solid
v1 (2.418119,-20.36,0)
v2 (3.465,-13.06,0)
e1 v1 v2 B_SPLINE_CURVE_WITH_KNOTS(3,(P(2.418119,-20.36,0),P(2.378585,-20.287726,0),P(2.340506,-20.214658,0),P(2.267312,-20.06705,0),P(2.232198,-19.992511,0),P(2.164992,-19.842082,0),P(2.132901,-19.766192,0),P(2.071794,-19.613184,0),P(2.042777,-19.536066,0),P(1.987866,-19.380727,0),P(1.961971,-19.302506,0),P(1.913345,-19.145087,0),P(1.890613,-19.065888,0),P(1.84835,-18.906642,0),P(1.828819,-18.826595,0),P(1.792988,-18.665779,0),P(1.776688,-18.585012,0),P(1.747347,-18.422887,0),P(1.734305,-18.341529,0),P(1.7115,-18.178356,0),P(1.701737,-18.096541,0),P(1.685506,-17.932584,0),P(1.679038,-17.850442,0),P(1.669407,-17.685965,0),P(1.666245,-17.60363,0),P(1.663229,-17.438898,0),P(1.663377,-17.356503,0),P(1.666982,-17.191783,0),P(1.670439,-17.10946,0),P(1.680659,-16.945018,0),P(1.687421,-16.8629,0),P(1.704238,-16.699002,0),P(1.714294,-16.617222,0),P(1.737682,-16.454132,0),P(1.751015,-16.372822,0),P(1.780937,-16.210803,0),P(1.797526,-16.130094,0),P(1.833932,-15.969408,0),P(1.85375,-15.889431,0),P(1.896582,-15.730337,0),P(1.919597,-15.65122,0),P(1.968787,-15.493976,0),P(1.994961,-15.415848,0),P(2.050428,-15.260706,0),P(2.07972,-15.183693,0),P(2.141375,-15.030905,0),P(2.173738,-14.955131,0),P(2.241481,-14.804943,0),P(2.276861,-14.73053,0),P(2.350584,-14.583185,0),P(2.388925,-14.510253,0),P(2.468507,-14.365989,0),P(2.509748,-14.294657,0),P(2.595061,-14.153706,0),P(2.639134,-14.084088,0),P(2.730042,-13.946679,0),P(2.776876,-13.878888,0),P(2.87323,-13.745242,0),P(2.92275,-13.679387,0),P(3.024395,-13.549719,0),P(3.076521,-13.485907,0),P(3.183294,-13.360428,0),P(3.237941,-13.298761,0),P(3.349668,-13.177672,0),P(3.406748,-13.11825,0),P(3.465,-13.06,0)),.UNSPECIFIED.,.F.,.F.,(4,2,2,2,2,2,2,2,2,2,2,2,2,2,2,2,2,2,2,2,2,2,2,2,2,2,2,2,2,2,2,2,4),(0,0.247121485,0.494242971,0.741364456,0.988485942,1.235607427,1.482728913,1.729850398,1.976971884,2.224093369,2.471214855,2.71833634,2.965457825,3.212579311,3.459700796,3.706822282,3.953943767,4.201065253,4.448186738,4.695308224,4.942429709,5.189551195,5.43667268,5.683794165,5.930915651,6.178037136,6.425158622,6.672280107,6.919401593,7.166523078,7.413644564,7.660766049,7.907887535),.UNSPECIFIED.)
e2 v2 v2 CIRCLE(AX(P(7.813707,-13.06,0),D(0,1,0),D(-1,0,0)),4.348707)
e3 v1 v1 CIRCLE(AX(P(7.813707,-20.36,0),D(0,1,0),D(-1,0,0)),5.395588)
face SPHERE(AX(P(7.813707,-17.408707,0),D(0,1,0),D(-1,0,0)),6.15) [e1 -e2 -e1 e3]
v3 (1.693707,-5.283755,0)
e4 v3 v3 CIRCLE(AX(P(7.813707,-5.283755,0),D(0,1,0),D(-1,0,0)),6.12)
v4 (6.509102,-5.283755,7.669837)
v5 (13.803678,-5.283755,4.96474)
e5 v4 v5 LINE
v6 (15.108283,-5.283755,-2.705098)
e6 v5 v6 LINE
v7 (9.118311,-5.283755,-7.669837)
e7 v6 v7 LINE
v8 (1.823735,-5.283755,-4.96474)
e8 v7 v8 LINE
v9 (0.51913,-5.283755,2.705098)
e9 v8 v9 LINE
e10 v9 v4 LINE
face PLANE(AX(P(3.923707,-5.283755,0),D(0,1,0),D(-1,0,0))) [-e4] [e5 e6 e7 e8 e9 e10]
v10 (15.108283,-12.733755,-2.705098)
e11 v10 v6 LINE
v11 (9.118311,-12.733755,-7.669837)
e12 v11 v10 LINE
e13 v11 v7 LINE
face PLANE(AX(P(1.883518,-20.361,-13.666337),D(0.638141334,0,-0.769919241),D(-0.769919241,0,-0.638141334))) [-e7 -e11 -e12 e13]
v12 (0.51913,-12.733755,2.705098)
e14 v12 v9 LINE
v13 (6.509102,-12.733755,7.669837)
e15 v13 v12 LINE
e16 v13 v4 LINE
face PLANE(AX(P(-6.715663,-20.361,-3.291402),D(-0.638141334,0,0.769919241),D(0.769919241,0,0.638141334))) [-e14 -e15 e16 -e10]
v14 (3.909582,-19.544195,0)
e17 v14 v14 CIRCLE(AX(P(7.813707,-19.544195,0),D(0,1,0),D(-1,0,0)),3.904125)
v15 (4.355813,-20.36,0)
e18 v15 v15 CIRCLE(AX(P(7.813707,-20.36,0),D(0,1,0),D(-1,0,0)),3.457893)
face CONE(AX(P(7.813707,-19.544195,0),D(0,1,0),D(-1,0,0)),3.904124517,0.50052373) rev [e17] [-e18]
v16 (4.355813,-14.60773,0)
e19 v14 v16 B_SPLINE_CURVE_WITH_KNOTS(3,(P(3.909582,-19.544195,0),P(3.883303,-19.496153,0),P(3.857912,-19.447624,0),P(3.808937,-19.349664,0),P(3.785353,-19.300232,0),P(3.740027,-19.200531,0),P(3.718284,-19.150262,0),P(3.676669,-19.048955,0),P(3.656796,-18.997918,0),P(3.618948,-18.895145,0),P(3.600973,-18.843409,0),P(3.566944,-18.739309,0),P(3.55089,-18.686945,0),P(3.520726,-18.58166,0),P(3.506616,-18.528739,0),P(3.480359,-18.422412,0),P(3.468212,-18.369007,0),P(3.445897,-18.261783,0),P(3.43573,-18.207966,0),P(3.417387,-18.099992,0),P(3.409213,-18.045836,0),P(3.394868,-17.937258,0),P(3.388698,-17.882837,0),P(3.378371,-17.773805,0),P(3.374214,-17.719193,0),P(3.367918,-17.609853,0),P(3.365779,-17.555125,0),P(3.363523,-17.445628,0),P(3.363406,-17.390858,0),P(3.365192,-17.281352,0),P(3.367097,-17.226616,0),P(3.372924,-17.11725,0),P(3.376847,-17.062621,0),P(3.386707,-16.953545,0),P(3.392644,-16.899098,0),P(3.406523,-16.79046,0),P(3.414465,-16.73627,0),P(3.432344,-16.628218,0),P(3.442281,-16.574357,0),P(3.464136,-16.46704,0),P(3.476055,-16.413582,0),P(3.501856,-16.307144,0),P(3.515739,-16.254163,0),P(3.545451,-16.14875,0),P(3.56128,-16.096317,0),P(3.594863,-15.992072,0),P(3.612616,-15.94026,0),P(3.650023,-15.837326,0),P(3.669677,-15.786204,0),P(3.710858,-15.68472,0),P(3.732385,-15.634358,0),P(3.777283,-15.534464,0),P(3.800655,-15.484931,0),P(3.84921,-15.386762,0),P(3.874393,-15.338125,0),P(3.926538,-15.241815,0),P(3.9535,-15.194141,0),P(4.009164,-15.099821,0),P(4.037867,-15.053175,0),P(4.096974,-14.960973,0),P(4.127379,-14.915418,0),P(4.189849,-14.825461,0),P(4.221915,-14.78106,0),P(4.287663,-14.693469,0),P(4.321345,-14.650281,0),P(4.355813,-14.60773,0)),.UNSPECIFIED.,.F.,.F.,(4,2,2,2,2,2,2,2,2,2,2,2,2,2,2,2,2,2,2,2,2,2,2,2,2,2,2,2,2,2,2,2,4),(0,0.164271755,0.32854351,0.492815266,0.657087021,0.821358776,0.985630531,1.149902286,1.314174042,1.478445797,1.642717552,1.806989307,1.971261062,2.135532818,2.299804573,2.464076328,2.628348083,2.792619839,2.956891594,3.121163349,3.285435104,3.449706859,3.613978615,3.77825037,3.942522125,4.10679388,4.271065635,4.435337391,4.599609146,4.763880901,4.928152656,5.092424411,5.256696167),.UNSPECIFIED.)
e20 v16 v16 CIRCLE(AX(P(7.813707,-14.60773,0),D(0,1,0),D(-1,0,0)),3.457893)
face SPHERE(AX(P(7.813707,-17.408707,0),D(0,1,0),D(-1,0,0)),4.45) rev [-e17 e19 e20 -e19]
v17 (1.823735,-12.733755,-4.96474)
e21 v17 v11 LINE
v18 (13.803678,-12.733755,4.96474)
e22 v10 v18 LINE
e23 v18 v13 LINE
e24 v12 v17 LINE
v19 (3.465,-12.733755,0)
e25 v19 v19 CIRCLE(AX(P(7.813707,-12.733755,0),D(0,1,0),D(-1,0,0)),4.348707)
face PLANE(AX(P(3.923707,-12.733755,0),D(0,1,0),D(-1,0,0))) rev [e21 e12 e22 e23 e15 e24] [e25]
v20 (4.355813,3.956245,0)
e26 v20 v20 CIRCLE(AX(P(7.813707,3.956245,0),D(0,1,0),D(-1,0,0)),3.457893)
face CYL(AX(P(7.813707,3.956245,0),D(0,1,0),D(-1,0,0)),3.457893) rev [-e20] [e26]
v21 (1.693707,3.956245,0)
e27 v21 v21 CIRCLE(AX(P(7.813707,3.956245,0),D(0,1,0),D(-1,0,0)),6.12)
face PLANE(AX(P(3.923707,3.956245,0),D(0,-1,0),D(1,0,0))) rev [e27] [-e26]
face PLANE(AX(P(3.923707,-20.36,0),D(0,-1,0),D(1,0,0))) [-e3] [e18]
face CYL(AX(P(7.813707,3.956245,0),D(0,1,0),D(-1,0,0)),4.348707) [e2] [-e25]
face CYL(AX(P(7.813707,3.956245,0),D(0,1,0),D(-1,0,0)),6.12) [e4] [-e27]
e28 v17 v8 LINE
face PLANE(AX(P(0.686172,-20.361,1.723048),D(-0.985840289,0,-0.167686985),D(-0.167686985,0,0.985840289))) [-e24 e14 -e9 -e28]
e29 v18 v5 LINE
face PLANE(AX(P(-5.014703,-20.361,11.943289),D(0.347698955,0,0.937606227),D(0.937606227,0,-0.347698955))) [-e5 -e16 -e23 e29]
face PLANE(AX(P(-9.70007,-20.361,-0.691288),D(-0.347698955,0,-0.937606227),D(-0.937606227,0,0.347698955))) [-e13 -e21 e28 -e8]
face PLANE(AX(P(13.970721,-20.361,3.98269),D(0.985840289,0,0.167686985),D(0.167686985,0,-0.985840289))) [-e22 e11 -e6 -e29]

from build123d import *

# Parameters (mm, degrees)
CROQUIS1_W            = 2.662106529
CROQUIS1_H            = 9.24
CORTAR_EXTRUIR1_REACH = 25.043


with BuildPart() as part:
    # Croquis1 → Revolución1 (revolve)
    with BuildSketch(Plane.XY):
        with Locations((3.024759969, -0.663755178)):
            Rectangle(CROQUIS1_W, CROQUIS1_H)
        Polygon((4.355813233, -12.733755178), (4.355813233, -5.283755178), (1.693706704, -5.283755178), (0.033706704, -5.283755178), (0.033706704, -12.733755178), (3.465, -12.733755178), align=None)
        Polygon((4.355813233, -13.950813233), (4.355813233, -12.733755178), (3.465, -12.733755178), (3.465, -13.06), align=None)
        with BuildLine():
            Line((4.355813233, -14.607729599), (4.355813233, -13.950813233))
            Line((4.355813233, -13.950813233), (3.465, -13.06))
            Line((3.465, -13.06), (3.465, -16.464646325))
            ThreePointArc((3.465, -16.464646325), (3.80150201, -15.483943474), (4.355813233, -14.607729599))
        make_face()
        with BuildLine():
            Line((3.465, -16.464646325), (3.465, -13.06))
            ThreePointArc((3.465, -13.06), (1.725988008, -16.53567688), (2.418118888, -20.36))
            Line((2.418118888, -20.36), (3.465, -20.36))
            Line((3.465, -20.36), (3.465, -18.352767084))
            ThreePointArc((3.465, -18.352767084), (3.363706704, -17.408706704), (3.465, -16.464646325))
        make_face()
        with BuildLine():
            Line((3.465, -20.36), (4.355813233, -20.36))
            Line((4.355813233, -20.36), (3.909582187, -19.544195349))
            ThreePointArc((3.909582187, -19.544195349), (3.644512403, -18.964444111), (3.465, -18.352767084))
            Line((3.465, -18.352767084), (3.465, -20.36))
        make_face()
    revolve(axis=Axis((7.813706704, 3.956244822, 0), (0, -1, 0)))

    # Croquis2 → Cortar-Extruir1 (cut, up to next)
    with BuildSketch(Plane(origin=(0, -5.283755178, 0), x_dir=(-1, 0, 0), z_dir=(0, 1, 0)), mode=Mode.PRIVATE) as cortar_extruir1_sk1:
        with BuildLine():
            ThreePointArc((-6.509101958, 7.669837447), (-10.518804576, 7.294576445), (-13.803678403, 4.964739575))
            Line((-13.803678403, 4.964739575), (-6.509101958, 7.669837447))
        make_face()
    cortar_extruir1_tool1 = extrude(cortar_extruir1_sk1.sketch, amount=-CORTAR_EXTRUIR1_REACH, mode=Mode.PRIVATE) & part.part
    # Croquis2 → Cortar-Extruir1 (cut, up to next)
    with BuildSketch(Plane(origin=(0, -5.283755178, 0), x_dir=(-1, 0, 0), z_dir=(0, 1, 0)), mode=Mode.PRIVATE) as cortar_extruir1_sk2:
        with BuildLine():
            Line((-15.108283149, -2.705097871), (-13.803678403, 4.964739575))
            ThreePointArc((-13.803678403, 4.964739575), (-15.483544151, 1.304604746), (-15.108283149, -2.705097871))
        make_face()
    cortar_extruir1_tool2 = extrude(cortar_extruir1_sk2.sketch, amount=-CORTAR_EXTRUIR1_REACH, mode=Mode.PRIVATE) & part.part
    # Croquis2 → Cortar-Extruir1 (cut, up to next)
    with BuildSketch(Plane(origin=(0, -5.283755178, 0), x_dir=(-1, 0, 0), z_dir=(0, 1, 0)), mode=Mode.PRIVATE) as cortar_extruir1_sk3:
        with BuildLine():
            Line((-9.11831145, -7.669837447), (-15.108283149, -2.705097871))
            ThreePointArc((-15.108283149, -2.705097871), (-12.77844628, -5.989971699), (-9.11831145, -7.669837447))
        make_face()
    cortar_extruir1_tool3 = extrude(cortar_extruir1_sk3.sketch, amount=-CORTAR_EXTRUIR1_REACH, mode=Mode.PRIVATE) & part.part
    # Croquis2 → Cortar-Extruir1 (cut, up to next)
    with BuildSketch(Plane(origin=(0, -5.283755178, 0), x_dir=(-1, 0, 0), z_dir=(0, 1, 0)), mode=Mode.PRIVATE) as cortar_extruir1_sk4:
        with BuildLine():
            Line((-1.823735006, -4.964739575), (-9.11831145, -7.669837447))
            ThreePointArc((-9.11831145, -7.669837447), (-5.108608833, -7.294576445), (-1.823735006, -4.964739575))
        make_face()
    cortar_extruir1_tool4 = extrude(cortar_extruir1_sk4.sketch, amount=-CORTAR_EXTRUIR1_REACH, mode=Mode.PRIVATE) & part.part
    # Croquis2 → Cortar-Extruir1 (cut, up to next)
    with BuildSketch(Plane(origin=(0, -5.283755178, 0), x_dir=(-1, 0, 0), z_dir=(0, 1, 0)), mode=Mode.PRIVATE) as cortar_extruir1_sk5:
        with BuildLine():
            ThreePointArc((-0.033706704, 0), (-0.156024133, 1.374153423), (-0.51913026, 2.705097871))
            Line((-0.51913026, 2.705097871), (-1.823735006, -4.964739575))
            ThreePointArc((-1.823735006, -4.964739575), (-0.494882351, -2.638789513), (-0.033706704, 0))
        make_face()
    cortar_extruir1_tool5 = extrude(cortar_extruir1_sk5.sketch, amount=-CORTAR_EXTRUIR1_REACH, mode=Mode.PRIVATE) & part.part
    # Croquis2 → Cortar-Extruir1 (cut, up to next)
    with BuildSketch(Plane(origin=(0, -5.283755178, 0), x_dir=(-1, 0, 0), z_dir=(0, 1, 0)), mode=Mode.PRIVATE) as cortar_extruir1_sk6:
        with BuildLine():
            ThreePointArc((-0.51913026, 2.705097871), (-2.848967129, 5.989971699), (-6.509101958, 7.669837447))
            Line((-6.509101958, 7.669837447), (-0.51913026, 2.705097871))
        make_face()
    cortar_extruir1_tool6 = extrude(cortar_extruir1_sk6.sketch, amount=-CORTAR_EXTRUIR1_REACH, mode=Mode.PRIVATE) & part.part
    add(cortar_extruir1_tool1.solids().sort_by_distance((10.302222, -5.283755, 6.710539))[0], mode=Mode.SUBTRACT)
    add(cortar_extruir1_tool2.solids().sort_by_distance((14.869461, -5.283755, 1.200152))[0], mode=Mode.SUBTRACT)
    add(cortar_extruir1_tool3.solids().sort_by_distance((12.380946, -5.283755, -5.510387))[0], mode=Mode.SUBTRACT)
    add(cortar_extruir1_tool4.solids().sort_by_distance((5.325191, -5.283755, -6.710539))[0], mode=Mode.SUBTRACT)
    add(cortar_extruir1_tool5.solids().sort_by_distance((0.757952, -5.283755, -1.200152))[0], mode=Mode.SUBTRACT)
    add(cortar_extruir1_tool6.solids().sort_by_distance((3.246467, -5.283755, 5.510387))[0], mode=Mode.SUBTRACT)


solid = part.part
